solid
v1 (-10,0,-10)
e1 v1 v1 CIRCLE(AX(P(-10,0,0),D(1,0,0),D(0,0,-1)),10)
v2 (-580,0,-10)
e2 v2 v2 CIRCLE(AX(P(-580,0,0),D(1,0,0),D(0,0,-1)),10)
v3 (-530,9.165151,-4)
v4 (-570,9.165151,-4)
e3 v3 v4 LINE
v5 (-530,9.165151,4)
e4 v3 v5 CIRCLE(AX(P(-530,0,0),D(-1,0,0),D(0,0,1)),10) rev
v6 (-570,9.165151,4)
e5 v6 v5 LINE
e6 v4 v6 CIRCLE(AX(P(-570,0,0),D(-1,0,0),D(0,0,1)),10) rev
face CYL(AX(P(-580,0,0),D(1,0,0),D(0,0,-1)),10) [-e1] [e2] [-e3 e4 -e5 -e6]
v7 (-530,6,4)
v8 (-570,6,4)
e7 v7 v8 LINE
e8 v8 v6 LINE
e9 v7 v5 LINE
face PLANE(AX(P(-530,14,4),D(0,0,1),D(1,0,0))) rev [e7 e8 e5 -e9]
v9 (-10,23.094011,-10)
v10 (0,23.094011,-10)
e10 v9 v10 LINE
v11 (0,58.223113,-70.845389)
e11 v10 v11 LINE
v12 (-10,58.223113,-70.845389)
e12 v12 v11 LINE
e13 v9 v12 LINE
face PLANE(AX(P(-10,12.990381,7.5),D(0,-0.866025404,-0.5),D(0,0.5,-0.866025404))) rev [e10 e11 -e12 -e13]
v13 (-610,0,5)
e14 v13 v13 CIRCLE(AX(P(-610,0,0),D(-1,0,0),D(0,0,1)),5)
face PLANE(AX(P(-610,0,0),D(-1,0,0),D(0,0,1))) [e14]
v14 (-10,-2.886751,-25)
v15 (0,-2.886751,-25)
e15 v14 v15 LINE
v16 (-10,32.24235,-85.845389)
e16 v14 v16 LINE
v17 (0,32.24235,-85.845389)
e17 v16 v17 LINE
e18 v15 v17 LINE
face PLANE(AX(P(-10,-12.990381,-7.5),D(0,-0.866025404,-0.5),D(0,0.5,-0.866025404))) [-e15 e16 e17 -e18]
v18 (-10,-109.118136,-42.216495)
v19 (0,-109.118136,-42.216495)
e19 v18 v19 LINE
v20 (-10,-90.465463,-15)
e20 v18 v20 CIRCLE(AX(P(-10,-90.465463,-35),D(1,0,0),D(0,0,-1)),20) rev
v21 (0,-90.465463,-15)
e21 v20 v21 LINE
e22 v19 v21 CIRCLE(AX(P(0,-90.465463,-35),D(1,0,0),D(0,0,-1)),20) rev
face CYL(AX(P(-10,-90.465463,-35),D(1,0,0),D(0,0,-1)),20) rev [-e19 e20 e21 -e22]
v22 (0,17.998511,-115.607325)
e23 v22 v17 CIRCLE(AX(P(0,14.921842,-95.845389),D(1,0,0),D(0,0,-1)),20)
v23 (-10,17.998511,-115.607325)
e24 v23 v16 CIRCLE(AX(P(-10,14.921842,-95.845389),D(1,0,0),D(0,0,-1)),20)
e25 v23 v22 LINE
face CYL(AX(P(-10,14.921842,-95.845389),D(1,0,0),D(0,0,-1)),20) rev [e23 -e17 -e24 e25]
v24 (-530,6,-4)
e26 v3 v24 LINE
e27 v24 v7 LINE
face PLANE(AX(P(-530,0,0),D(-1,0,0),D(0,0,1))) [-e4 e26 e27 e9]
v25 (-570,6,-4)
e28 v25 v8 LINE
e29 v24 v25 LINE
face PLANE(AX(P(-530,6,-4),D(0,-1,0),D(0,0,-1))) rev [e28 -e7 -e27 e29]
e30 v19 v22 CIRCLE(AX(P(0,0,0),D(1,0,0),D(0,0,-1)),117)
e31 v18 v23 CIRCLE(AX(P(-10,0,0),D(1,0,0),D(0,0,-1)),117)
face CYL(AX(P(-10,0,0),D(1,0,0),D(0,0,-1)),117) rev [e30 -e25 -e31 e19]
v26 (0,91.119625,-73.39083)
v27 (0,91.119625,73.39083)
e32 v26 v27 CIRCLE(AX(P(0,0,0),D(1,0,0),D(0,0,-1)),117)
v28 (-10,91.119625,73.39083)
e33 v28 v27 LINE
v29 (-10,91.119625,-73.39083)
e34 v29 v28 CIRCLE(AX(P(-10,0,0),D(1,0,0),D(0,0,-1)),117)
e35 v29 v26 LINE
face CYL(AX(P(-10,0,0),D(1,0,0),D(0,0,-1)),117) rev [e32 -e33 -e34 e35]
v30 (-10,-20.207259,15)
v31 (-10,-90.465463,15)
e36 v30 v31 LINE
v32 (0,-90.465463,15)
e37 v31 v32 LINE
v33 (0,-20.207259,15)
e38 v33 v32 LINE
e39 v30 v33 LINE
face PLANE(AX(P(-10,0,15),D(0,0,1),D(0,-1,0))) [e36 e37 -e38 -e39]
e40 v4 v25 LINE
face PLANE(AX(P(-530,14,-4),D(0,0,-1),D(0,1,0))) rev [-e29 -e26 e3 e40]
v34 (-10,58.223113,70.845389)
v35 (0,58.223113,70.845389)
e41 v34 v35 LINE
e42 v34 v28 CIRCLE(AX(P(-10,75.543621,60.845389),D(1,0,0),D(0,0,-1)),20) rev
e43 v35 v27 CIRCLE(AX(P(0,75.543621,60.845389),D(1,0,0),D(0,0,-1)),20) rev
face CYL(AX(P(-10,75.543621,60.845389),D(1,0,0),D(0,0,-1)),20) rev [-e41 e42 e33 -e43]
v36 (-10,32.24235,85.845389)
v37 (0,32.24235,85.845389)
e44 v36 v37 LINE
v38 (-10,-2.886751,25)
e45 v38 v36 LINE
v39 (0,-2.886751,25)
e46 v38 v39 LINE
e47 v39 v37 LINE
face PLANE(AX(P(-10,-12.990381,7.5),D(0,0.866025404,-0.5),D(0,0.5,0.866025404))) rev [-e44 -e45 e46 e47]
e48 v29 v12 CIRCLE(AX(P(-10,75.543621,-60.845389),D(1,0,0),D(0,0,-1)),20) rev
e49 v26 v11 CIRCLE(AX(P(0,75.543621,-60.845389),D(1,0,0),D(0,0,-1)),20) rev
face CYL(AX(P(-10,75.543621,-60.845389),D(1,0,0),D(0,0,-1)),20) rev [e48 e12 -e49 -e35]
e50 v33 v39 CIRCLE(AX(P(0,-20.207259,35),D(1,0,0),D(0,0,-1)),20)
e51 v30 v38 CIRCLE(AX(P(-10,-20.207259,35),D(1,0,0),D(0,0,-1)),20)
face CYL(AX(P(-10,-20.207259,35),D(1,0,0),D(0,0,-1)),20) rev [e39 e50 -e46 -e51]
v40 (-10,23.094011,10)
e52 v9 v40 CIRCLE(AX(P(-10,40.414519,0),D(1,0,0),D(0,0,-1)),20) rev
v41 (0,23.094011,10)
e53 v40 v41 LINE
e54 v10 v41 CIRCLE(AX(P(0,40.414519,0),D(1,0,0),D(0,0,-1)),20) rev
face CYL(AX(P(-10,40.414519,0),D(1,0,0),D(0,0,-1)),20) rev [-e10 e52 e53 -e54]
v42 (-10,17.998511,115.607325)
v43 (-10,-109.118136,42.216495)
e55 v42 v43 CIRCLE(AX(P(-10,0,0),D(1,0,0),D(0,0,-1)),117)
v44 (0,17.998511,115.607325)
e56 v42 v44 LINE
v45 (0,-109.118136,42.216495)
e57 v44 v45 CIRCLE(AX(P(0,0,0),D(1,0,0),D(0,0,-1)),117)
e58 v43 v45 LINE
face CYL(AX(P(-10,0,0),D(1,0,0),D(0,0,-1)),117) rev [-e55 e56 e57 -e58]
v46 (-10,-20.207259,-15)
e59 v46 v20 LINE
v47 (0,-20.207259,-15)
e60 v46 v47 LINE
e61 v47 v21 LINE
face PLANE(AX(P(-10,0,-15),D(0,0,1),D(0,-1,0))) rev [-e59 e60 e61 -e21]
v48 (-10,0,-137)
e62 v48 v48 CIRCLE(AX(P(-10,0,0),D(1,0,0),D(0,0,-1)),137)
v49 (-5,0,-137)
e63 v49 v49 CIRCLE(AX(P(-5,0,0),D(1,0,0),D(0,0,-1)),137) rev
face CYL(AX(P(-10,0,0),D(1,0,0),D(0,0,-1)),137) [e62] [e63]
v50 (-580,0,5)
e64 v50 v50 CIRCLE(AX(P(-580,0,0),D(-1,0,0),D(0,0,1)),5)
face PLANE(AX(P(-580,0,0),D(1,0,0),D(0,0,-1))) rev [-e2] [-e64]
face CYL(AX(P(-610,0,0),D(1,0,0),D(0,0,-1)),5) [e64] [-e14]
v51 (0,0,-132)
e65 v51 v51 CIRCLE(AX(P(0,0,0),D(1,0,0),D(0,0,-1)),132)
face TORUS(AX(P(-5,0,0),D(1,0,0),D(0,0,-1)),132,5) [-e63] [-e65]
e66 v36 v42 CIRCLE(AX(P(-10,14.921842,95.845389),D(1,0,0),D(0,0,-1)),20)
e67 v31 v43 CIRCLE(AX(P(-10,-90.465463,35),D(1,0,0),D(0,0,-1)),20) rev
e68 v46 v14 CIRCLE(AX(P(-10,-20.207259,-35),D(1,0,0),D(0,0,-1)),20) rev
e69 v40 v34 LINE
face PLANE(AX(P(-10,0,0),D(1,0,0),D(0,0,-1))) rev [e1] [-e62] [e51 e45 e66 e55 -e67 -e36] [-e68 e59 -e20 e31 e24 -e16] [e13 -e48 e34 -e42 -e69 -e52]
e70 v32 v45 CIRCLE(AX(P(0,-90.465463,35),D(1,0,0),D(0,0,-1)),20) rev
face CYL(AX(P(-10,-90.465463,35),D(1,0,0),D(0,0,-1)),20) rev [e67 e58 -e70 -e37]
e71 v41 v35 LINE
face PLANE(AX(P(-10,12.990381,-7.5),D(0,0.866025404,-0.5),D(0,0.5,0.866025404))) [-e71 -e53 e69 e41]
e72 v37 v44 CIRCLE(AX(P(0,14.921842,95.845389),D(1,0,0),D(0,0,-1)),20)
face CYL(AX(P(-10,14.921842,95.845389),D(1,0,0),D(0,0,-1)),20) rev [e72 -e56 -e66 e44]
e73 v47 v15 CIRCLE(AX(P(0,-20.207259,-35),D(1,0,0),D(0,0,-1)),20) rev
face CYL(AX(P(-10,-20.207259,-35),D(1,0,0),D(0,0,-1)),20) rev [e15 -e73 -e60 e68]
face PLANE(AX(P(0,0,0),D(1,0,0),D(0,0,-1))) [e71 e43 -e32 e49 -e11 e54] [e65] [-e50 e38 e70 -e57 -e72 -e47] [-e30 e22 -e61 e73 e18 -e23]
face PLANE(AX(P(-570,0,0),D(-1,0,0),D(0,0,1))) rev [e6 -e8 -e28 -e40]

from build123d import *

# Parameters (mm, degrees)
SKETCH2_R           = 10
BOSS_EXTRUDE1_DEPTH = 580
SKETCH3_R           = 5
BOSS_EXTRUDE2_DEPTH = 30
CUT_EXTRUDE1_START  = -10
SKETCH8_W           = 8
SKETCH8_H           = 8
CUT_EXTRUDE1_DEPTH  = 40
SKETCH7_R           = 137
BOSS_EXTRUDE7_DEPTH = 10
FILLET1_R           = 5


with BuildPart() as part:
    # Sketch2 → Boss-Extrude1 (new body)
    with BuildSketch(Plane(origin=(0, 0, 0), x_dir=(0, 0, -1), z_dir=(1, 0, 0))):
        Circle(SKETCH2_R)
    extrude(amount=-BOSS_EXTRUDE1_DEPTH)

    # Sketch3 → Boss-Extrude2 (add)
    with BuildSketch(Plane.ZY.offset(580)):
        Circle(SKETCH3_R)
    extrude(amount=BOSS_EXTRUDE2_DEPTH)

    # Sketch8 → Cut-Extrude1 (cut)
    with BuildSketch(Plane.ZY.offset(580).offset(CUT_EXTRUDE1_START)):
        with Locations((0, 10)):
            Rectangle(SKETCH8_W, SKETCH8_H)
    extrude(amount=-CUT_EXTRUDE1_DEPTH, mode=Mode.SUBTRACT)

    # Sketch7 → Boss-Extrude7 (add)
    with BuildSketch(Plane(origin=(0, 0, 0), x_dir=(0, 0, -1), z_dir=(1, 0, 0))):
        Circle(SKETCH7_R)
        with BuildLine():
            Line((-10, 23.094010768), (-70.845389143, 58.223112568))
            ThreePointArc((-70.845389143, 58.223112568), (-80.785784301, 74.000688066), (-73.390830204, 91.119624901))
            ThreePointArc((-73.390830204, 91.119624901), (0, 117), (73.390830204, 91.119624901))
            ThreePointArc((73.390830204, 91.119624901), (80.785784301, 74.000688066), (70.845389143, 58.223112568))
            Line((70.845389143, 58.223112568), (10, 23.094010768))
            ThreePointArc((10, 23.094010768), (0, 20.414518843), (-10, 23.094010768))
        make_face(mode=Mode.SUBTRACT)
        with BuildLine():
            Line((-15, -20.207259422), (-15, -90.465463023))
            ThreePointArc((-15, -90.465463023), (-23.693583612, -106.962885502), (-42.216494845, -109.118135811))
            ThreePointArc((-42.216494845, -109.118135811), (-101.324972243, -58.5), (-115.607325049, 17.998510911))
            ThreePointArc((-115.607325049, 17.998510911), (-104.479367913, 32.962197437), (-85.845389143, 32.242350455))
            Line((-85.845389143, 32.242350455), (-25, -2.886751346))
            ThreePointArc((-25, -2.886751346), (-17.679491924, -10.207259422), (-15, -20.207259422))
        make_face(mode=Mode.SUBTRACT)
        with BuildLine():
            Line((25, -2.886751346), (85.845389143, 32.242350455))
            ThreePointArc((85.845389143, 32.242350455), (104.479367913, 32.962197437), (115.607325049, 17.998510911))
            ThreePointArc((115.607325049, 17.998510911), (101.324972243, -58.5), (42.216494845, -109.118135811))
            ThreePointArc((42.216494845, -109.118135811), (23.693583612, -106.962885502), (15, -90.465463023))
            Line((15, -90.465463023), (15, -20.207259422))
            ThreePointArc((15, -20.207259422), (17.679491924, -10.207259422), (25, -2.886751346))
        make_face(mode=Mode.SUBTRACT)
    extrude(amount=-BOSS_EXTRUDE7_DEPTH)

    # Fillet1
    fillet1_edges = [part.edges().sort_by_distance(p)[0] for p in [
        (0, 0, 137),
    ]]
    fillet(fillet1_edges, radius=FILLET1_R)


solid = part.part
